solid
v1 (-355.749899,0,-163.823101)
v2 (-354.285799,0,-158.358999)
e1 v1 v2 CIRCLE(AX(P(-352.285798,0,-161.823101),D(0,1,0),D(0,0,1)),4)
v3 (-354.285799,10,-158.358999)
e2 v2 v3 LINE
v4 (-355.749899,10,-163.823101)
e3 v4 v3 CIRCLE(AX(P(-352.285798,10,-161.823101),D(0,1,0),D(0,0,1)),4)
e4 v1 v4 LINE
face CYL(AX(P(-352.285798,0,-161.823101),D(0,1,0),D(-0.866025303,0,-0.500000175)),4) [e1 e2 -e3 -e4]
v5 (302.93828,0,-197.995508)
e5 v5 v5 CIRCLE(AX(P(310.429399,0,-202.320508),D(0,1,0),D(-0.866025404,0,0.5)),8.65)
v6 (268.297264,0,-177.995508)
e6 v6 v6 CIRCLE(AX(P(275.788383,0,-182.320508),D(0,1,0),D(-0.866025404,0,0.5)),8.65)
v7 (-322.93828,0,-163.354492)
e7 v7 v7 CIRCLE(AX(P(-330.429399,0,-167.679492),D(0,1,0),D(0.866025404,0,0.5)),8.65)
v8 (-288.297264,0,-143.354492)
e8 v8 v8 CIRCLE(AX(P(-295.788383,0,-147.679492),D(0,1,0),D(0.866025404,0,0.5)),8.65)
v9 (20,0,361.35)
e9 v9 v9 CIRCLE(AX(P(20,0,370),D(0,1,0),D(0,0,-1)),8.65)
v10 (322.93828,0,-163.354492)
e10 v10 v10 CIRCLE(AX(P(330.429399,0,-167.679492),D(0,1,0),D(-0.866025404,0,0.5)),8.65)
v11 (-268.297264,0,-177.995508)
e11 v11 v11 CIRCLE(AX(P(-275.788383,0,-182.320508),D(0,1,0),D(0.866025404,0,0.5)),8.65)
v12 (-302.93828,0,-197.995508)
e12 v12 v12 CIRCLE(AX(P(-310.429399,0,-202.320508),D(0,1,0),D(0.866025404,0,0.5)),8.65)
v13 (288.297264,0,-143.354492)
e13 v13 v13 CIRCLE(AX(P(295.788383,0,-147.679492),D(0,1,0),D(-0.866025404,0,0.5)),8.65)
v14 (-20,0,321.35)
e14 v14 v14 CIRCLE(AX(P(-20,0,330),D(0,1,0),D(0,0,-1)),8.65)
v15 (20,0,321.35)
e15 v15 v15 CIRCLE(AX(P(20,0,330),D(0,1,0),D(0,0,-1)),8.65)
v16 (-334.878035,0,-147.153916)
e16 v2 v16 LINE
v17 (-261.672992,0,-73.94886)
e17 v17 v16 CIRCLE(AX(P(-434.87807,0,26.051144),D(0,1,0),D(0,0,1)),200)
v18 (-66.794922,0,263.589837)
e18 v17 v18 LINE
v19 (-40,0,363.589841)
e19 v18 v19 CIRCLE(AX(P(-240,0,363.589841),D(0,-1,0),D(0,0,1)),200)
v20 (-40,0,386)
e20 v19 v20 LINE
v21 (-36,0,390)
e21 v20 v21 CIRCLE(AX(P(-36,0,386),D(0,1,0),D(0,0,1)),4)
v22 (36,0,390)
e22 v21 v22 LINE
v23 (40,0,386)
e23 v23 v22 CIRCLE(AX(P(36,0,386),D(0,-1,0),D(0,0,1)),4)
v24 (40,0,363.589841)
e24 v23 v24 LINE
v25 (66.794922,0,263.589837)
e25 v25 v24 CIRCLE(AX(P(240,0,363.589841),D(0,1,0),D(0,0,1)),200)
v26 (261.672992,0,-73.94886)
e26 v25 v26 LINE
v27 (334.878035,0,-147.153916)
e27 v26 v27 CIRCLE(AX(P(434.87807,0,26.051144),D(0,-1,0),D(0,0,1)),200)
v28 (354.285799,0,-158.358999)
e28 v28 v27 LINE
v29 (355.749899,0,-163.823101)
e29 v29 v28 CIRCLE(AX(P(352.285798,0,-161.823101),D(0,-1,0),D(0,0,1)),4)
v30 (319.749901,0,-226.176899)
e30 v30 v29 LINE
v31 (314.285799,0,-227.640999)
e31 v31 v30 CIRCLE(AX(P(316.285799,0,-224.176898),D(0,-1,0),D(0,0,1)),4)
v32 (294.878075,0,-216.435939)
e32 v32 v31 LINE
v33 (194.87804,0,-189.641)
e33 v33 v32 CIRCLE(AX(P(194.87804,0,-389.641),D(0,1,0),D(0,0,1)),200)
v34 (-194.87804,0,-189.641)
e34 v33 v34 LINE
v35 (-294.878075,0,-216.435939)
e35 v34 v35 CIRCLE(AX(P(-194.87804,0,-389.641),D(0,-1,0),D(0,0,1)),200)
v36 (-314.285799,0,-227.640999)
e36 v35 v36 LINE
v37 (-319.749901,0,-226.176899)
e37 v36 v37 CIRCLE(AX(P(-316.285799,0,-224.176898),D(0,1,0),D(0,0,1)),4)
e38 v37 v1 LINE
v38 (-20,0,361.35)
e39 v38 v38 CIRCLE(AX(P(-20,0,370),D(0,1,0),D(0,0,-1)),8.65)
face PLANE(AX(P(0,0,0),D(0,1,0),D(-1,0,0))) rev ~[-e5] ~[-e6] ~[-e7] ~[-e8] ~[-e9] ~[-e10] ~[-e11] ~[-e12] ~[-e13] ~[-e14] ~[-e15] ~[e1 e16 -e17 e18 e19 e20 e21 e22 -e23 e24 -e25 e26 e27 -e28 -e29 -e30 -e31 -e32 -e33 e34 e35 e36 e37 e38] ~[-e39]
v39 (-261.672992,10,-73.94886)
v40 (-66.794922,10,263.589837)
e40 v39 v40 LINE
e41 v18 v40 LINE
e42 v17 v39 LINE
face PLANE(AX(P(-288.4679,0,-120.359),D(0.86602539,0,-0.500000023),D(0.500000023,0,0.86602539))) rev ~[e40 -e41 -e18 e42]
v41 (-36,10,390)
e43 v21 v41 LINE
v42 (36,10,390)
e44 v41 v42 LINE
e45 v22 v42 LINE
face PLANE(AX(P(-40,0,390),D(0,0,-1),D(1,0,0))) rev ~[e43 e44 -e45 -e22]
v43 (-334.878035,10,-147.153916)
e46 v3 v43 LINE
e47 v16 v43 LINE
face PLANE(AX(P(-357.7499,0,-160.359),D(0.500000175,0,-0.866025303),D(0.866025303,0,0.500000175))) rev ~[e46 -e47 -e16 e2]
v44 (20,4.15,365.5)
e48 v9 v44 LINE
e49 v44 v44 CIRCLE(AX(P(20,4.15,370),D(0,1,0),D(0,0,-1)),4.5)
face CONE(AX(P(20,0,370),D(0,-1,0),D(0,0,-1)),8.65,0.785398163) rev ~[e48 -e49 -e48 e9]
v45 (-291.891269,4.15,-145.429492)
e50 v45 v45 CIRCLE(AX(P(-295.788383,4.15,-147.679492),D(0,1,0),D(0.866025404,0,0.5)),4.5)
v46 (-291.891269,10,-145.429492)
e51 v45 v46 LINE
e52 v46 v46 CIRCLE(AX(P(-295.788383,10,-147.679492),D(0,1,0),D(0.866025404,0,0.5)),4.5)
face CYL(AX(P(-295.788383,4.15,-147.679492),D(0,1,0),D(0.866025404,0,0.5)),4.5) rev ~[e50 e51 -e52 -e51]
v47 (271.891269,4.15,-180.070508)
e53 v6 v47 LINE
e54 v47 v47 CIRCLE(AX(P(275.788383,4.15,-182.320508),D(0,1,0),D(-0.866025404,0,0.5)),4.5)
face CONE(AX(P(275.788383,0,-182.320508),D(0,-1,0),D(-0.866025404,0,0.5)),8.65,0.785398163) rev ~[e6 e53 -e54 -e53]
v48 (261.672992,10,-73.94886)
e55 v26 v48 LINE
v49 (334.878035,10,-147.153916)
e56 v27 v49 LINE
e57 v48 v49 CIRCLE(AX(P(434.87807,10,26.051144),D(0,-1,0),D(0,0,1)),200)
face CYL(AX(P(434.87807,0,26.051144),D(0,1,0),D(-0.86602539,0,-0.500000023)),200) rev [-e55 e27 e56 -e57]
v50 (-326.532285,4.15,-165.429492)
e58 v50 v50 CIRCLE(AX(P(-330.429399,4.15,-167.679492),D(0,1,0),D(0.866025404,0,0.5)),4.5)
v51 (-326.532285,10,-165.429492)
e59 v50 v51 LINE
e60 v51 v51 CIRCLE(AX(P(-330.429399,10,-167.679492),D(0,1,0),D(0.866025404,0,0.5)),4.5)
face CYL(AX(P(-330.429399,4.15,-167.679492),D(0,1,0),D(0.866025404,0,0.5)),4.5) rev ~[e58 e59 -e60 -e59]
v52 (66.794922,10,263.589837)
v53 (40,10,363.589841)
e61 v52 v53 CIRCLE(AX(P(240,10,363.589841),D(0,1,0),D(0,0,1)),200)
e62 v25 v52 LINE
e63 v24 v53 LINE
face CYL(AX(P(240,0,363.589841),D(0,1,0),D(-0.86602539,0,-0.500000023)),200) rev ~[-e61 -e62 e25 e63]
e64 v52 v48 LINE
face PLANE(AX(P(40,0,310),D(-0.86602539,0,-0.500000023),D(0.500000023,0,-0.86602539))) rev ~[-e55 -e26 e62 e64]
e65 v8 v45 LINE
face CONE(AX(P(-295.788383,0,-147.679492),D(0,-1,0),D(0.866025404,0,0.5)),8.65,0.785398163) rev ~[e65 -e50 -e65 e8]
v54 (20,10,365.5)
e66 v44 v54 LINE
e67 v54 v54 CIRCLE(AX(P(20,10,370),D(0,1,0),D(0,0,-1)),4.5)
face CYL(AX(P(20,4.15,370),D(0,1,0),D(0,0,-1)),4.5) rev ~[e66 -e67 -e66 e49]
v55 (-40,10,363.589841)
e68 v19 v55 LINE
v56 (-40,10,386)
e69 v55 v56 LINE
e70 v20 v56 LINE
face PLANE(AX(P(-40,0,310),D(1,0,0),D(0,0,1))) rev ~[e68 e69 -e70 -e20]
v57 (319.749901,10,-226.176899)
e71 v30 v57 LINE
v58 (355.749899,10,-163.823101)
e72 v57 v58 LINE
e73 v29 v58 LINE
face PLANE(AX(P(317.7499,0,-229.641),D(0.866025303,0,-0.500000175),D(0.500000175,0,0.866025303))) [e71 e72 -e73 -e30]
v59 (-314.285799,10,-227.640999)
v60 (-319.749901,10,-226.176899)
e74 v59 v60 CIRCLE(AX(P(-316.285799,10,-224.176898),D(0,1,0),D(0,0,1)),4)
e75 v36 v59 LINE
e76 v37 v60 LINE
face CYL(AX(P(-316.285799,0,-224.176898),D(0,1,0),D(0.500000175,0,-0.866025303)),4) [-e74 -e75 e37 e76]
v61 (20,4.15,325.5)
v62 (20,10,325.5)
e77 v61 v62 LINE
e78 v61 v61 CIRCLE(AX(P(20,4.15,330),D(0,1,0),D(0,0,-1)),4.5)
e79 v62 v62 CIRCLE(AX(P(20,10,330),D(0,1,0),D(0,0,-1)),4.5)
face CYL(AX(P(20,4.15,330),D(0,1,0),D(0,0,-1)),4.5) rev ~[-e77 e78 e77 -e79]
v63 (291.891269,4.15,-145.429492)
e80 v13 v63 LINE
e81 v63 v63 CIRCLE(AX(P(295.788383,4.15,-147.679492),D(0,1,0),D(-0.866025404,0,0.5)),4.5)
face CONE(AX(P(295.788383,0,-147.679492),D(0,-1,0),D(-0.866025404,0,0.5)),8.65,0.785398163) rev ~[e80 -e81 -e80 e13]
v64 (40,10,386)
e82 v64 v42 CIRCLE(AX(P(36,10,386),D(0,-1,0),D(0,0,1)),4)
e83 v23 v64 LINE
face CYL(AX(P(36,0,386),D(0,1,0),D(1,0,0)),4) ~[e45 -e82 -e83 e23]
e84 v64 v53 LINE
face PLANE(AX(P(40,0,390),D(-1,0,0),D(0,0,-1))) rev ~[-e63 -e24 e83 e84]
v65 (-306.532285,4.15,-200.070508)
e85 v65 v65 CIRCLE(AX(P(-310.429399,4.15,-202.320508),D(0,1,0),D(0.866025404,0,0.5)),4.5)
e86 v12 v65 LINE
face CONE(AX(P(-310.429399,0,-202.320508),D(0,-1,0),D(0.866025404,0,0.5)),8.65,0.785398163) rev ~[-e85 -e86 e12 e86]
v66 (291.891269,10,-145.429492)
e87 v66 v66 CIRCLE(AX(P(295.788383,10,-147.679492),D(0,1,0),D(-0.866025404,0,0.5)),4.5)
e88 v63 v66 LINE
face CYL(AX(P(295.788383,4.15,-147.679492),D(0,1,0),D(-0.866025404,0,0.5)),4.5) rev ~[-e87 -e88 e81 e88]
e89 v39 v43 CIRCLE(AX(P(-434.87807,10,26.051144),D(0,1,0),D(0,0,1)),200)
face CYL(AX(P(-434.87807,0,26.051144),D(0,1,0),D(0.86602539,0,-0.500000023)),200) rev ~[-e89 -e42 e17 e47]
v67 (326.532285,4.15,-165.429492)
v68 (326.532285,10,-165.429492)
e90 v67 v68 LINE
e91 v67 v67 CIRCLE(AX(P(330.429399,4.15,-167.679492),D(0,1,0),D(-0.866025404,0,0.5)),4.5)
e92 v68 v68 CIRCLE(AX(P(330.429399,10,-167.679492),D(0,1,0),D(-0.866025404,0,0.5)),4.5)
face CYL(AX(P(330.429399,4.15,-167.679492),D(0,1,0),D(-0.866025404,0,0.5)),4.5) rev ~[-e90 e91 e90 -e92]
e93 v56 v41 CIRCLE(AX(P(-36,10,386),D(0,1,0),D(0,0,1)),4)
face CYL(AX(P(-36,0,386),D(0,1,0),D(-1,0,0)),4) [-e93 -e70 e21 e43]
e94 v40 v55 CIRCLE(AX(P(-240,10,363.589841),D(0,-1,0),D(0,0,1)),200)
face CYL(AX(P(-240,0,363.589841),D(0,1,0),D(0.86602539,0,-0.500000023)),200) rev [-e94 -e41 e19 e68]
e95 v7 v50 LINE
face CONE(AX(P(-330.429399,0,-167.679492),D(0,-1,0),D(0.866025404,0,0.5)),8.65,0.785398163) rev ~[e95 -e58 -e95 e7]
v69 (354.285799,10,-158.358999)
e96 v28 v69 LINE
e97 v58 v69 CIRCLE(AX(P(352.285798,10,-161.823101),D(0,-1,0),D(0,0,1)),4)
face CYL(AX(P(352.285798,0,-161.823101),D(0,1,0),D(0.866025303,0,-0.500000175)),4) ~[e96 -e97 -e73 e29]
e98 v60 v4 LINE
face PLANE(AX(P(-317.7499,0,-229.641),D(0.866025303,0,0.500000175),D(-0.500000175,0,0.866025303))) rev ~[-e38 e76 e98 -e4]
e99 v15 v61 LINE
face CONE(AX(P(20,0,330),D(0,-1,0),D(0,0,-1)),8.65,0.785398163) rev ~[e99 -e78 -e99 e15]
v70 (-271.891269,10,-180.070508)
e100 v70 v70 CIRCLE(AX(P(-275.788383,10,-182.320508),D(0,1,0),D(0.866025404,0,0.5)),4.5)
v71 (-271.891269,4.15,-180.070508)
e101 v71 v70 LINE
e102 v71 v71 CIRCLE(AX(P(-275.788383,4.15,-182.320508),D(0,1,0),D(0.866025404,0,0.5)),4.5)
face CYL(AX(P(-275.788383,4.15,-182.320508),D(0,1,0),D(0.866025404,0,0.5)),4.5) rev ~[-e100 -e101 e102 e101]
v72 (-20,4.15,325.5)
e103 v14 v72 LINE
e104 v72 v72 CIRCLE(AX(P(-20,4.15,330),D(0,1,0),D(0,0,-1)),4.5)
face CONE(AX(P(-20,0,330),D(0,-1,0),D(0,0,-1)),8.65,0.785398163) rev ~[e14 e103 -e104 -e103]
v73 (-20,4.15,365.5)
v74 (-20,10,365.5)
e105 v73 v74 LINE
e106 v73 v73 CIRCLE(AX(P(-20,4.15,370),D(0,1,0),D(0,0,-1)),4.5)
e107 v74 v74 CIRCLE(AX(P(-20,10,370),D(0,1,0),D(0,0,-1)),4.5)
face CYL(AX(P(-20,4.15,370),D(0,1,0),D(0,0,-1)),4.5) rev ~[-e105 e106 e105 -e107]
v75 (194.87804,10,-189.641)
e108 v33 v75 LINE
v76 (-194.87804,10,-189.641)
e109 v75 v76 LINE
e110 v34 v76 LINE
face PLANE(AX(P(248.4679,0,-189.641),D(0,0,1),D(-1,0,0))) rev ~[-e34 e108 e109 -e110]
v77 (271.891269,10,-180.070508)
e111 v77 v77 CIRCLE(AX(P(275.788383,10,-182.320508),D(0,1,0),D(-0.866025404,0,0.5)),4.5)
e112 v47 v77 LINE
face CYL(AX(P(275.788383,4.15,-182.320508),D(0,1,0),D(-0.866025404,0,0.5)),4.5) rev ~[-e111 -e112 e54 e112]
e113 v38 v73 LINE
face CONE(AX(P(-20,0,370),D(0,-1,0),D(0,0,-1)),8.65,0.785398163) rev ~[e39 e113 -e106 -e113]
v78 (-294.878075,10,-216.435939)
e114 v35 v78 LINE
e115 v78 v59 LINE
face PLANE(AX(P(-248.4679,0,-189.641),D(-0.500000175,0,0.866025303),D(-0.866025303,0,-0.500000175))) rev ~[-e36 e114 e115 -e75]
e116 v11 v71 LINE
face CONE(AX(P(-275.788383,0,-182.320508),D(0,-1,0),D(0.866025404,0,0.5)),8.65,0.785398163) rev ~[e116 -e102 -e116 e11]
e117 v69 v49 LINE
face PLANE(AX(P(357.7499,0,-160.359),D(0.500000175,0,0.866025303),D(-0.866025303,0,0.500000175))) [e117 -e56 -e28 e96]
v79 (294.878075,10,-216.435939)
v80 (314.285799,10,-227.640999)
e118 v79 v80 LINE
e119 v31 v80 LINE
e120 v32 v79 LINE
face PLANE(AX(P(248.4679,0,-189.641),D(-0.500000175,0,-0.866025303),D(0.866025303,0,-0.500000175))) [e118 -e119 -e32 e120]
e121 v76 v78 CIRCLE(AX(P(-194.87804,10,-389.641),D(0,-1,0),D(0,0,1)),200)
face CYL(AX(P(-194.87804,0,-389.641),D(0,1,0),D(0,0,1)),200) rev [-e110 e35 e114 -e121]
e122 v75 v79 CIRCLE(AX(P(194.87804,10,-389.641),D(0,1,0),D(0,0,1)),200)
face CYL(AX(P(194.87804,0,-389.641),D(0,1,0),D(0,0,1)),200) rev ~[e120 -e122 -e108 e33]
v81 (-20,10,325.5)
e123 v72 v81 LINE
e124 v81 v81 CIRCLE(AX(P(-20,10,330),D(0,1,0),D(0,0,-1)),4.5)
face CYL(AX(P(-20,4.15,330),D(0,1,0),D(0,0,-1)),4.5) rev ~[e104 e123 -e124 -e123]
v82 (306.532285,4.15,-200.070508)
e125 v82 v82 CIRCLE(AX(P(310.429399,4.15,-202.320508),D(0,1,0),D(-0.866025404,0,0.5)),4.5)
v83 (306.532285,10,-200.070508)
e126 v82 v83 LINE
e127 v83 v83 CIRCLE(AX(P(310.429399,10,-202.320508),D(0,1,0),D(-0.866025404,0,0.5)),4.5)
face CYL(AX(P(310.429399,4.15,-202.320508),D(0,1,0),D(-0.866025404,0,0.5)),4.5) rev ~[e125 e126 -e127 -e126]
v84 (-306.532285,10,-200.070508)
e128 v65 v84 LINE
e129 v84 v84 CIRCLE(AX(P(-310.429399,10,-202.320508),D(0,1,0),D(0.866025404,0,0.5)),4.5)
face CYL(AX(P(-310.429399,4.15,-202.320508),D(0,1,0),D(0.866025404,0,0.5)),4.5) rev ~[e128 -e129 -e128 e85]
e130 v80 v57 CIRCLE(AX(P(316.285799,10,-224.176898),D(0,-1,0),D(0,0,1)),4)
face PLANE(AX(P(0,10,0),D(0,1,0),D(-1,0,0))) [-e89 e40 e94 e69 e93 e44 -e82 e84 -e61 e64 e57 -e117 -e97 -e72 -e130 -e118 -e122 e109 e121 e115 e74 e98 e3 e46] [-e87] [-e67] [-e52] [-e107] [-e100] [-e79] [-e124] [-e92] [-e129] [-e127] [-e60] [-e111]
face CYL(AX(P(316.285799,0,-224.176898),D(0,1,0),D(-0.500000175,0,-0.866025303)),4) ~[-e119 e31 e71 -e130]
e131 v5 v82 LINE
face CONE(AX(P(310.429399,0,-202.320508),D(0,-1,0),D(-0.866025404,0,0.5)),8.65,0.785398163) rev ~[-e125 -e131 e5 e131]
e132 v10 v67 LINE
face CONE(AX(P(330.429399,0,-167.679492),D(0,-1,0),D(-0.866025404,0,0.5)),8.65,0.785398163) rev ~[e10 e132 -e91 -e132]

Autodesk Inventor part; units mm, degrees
ref_plane "YZ Plane" through (0, 0, 0) normal (1, 0, 0) x (0, 1, 0)
ref_plane "XZ Plane" through (0, 0, 0) normal (0, 1, 0) x (-1, 0, 0)
ref_plane "XY Plane" through (0, 0, 0) normal (0, 0, 1) x (1, 0, 0)
sketch "Sketch1" plane through (0, 0, 0) normal (0, 1, 0) x (-1, 0, 0)
  line L0 (0, 379.282) -> (328.4679, -189.641) construction
  line L1 (328.4679, -189.641) -> (-328.4679, -189.641) construction
  line L2 (-328.4679, -189.641) -> (0, 379.282) construction
  line L3 (248.4679, -189.641) -> (288.4679, -120.359)
  line L4 (-248.4679, -189.641) -> (-288.4679, -120.359)
  line L5 (40, 310) -> (-40, 310)
  line L6 (164.2339, 94.8205) -> (0, 0) construction
  line L7 (0, -189.641) -> (0, 0) construction
  line L8 (0, 0) -> (-164.2339, 94.8205) construction
  line L9 (288.4679, -120.359) -> (40, 310)
  line L10 (-40, 310) -> (-288.4679, -120.359)
  line L11 (-248.4679, -189.641) -> (248.4679, -189.641)
  line L12 (288.4679, -120.359) -> (248.4679, -189.641)
  line L13 (248.4679, -189.641) -> (317.7499, -229.641)
  line L14 (317.7499, -229.641) -> (357.7499, -160.359)
  line L15 (357.7499, -160.359) -> (288.4679, -120.359)
  line L16 (-288.4679, -120.359) -> (-248.4679, -189.641)
  line L17 (-248.4679, -189.641) -> (-317.7499, -229.641)
  line L18 (-317.7499, -229.641) -> (-357.7499, -160.359)
  line L19 (-357.7499, -160.359) -> (-288.4679, -120.359)
  line L20 (-40, 310) -> (40, 310)
  line L21 (40, 310) -> (40, 390)
  line L22 (40, 390) -> (-40, 390)
  line L23 (-40, 390) -> (-40, 310)
  line L24 (-357.7499, 390) -> (-357.7499, -229.641) construction
  line L25 (-357.7499, -229.641) -> (357.7499, -229.641) construction
  line L26 (357.7499, -229.641) -> (357.7499, 390) construction
  line L27 (357.7499, 390) -> (-357.7499, 390) construction
  circle A0 centre (0, 0) radius 300 construction
  dimension "d4" = 80
  dimension "d6" = 80
  dimension "d7" = 80
  dimension "d8" = 80
  dimension "d10" = 390
  dimension "d13" = 619.641
  dimension "d14" = 715.4998
  dimension "d28" = 600
extrude "Extrusion1" add sketch "Sketch1" along normal blind 10
fillet "Fillet1" radius 200 6 edges at (-40, 5, 310) (40, 5, 310) (-288.4679, 5, -120.359) (-248.4679, 5, -189.641) (248.4679, 5, -189.641) (288.4679, 5, -120.359)
fillet "Fillet2" radius 4 6 edges at (-40, 5, 390) (40, 5, 390) (-357.7499, 5, -160.359) (-317.7499, 5, -229.641) (317.7499, 5, -229.641) (357.7499, 5, -160.359)
sketch "Sketch2" plane through (0, 0, 0) normal (0, -1, 0) x (1, 0, 0)
  line L0 (40, 390) -> (-40, 390) construction
  line L1 (-40, 390) -> (-40, 310) construction
  line L2 (-40, 310) -> (40, 310) construction
  line L3 (40, 310) -> (40, 390) construction
  line L4 (-40, 363.5898) -> (-40, 386) construction
  line L5 (-36, 390) -> (36, 390) construction
  line L6 (40, 386) -> (40, 363.5898) construction
  line L7 (0, 390) -> (0, 310) construction
  line L8 (40, 350) -> (-40, 350) construction
  point P0 (0, 0)
  point P1 (20, 370)
  point P2 (-20, 370)
  point P3 (-20, 330)
  point P4 (20, 330)
  dimension "d15" = 80
  dimension "d16" = 40
  dimension "d17" = 40
hole "Hole1" at (20, 0, 370) at (-20, 0, 370) at (-20, 0, 330) at (20, 0, 330) direction (0, 1, 0) diameter 9 end through all countersink diameter 17.3 countersink angle 90 clearance for "Flat Head Machine Screw" size "M8" standard "Ansi Metric M Profile"
pattern_circular "Circular Pattern1" count 3 over 360 about axis through (0, -10, 0) along (0, 1, 0) of "Hole1"
properties part number "RT_FRM_MC_004_BasePlateTop" material "Pfleiderer U12188 Compact"
